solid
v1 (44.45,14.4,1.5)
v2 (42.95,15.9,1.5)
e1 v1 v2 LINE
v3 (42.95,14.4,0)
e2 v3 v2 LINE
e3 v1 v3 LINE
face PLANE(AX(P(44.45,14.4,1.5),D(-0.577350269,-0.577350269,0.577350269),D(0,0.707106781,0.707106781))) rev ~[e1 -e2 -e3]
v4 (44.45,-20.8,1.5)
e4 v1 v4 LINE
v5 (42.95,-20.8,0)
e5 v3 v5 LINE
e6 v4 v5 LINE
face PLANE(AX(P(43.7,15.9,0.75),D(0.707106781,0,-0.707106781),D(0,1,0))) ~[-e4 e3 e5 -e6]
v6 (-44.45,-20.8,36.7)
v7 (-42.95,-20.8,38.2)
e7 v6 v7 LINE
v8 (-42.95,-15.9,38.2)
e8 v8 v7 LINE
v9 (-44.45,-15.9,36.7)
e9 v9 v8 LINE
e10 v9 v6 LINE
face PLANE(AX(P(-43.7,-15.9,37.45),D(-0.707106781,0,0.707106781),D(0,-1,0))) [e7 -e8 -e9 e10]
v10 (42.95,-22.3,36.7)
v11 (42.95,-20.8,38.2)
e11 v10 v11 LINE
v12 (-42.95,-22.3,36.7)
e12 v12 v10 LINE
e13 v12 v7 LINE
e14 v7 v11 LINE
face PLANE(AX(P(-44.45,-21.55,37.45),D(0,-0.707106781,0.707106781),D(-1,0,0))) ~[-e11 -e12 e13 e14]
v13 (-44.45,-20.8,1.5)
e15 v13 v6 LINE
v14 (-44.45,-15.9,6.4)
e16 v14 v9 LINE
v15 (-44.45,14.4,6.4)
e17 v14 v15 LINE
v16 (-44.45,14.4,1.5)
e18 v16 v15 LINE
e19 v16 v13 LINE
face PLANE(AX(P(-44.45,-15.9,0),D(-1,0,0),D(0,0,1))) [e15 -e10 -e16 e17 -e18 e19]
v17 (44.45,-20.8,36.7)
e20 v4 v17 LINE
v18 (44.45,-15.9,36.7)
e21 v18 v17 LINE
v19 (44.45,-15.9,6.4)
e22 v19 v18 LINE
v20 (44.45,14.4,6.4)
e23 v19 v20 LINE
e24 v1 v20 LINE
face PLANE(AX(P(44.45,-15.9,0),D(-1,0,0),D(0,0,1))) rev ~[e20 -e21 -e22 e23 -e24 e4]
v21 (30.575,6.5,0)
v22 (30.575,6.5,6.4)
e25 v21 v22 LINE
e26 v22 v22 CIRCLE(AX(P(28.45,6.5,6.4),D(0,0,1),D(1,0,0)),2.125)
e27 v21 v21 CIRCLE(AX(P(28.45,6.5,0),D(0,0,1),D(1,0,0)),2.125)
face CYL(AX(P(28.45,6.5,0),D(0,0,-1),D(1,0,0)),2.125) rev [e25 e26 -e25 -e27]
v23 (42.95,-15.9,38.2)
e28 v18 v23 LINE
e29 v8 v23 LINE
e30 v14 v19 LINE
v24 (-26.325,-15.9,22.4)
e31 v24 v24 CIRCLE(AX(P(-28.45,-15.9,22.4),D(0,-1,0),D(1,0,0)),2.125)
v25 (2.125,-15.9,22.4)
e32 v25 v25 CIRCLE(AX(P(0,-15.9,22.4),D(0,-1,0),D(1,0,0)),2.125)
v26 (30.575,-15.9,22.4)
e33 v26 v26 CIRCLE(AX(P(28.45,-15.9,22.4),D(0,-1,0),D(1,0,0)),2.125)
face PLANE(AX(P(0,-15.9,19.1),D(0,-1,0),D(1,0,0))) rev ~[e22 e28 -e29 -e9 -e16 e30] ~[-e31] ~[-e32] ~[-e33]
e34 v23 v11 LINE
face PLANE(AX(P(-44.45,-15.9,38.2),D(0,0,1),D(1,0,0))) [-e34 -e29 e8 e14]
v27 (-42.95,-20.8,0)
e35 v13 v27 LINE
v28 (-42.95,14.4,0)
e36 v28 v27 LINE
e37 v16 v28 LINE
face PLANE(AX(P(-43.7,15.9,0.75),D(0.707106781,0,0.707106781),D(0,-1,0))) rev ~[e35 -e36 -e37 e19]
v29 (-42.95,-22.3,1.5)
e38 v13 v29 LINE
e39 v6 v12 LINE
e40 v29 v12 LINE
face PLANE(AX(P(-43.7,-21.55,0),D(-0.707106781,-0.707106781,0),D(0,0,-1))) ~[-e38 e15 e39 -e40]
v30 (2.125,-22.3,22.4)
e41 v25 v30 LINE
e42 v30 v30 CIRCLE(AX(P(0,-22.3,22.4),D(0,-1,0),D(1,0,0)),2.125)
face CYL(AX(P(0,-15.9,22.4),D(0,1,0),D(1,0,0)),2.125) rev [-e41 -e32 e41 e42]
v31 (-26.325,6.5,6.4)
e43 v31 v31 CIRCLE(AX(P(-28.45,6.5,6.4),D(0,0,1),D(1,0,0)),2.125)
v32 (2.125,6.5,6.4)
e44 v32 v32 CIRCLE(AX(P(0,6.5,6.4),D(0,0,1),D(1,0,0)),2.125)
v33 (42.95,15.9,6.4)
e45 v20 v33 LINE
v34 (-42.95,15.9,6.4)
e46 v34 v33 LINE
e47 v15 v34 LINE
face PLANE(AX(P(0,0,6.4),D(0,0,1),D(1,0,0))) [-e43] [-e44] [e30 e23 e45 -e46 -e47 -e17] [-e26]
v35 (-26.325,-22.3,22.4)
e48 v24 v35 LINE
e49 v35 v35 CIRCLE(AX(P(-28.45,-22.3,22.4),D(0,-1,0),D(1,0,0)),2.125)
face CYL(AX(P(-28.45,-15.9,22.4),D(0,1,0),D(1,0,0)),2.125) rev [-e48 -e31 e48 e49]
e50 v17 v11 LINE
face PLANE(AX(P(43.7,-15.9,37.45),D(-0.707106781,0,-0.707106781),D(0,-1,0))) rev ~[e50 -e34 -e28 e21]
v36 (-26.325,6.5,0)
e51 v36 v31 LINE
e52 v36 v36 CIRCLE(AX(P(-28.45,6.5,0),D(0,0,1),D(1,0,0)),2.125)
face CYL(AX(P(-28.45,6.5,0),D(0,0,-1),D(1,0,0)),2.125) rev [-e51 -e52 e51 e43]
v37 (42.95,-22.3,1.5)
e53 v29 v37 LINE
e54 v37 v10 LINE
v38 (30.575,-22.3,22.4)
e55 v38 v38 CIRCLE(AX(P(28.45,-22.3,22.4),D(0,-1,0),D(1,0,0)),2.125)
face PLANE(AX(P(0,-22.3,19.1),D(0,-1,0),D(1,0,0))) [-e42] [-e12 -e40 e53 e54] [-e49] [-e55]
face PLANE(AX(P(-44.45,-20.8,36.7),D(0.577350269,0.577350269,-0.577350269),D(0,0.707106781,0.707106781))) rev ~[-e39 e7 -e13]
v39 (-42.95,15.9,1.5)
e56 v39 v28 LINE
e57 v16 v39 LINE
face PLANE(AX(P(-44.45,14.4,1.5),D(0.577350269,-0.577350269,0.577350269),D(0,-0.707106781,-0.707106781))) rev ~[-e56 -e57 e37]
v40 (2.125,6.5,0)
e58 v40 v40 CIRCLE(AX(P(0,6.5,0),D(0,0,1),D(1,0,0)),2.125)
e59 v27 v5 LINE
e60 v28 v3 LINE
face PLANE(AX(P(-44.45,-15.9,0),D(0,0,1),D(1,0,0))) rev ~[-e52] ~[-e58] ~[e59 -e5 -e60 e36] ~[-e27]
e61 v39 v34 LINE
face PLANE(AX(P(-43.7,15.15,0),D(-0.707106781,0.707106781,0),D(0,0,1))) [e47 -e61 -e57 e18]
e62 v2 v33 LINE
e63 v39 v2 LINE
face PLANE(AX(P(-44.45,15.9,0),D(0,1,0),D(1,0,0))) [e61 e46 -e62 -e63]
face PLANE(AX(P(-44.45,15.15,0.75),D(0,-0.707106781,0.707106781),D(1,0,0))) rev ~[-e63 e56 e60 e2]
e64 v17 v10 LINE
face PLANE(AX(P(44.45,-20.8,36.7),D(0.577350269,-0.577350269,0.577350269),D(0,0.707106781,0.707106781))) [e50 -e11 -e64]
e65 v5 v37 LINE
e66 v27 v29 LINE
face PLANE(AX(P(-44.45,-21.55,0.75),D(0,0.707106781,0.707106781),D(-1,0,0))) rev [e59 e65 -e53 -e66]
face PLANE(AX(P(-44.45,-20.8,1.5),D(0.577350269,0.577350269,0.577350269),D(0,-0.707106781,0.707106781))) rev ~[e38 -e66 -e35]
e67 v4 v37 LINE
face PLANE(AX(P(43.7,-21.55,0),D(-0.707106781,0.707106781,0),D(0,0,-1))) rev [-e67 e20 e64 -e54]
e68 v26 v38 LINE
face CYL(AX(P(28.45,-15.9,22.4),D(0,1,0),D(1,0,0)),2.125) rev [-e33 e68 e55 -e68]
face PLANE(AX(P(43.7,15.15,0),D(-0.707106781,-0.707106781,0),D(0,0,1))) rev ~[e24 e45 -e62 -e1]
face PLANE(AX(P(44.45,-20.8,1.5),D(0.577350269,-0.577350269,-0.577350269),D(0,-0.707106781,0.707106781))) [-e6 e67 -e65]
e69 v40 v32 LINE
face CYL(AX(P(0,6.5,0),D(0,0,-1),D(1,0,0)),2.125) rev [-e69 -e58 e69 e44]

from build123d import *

# Parameters (mm, degrees)
F0_W     = 88.9
F0_H     = 31.8
F0_R     = 2.125
F1_DEPTH = 6.4
F2_W     = 88.9
F2_H     = 38.2
F2_R     = 2.125
F3_DEPTH = 6.4
F4_SIZE  = 1.5


with BuildPart() as f1:
    # F0 (on Top) → F1 (new body)
    with BuildSketch(Plane.XY):
        Rectangle(F0_W, F0_H)
        with Locations((-28.45, 6.5)):
            Circle(F0_R, mode=Mode.SUBTRACT)
        with Locations((0, 6.5)):
            Circle(F0_R, mode=Mode.SUBTRACT)
        with Locations((28.45, 6.5)):
            Circle(F0_R, mode=Mode.SUBTRACT)
    extrude(amount=F1_DEPTH)

    # F2 (on face) → F3 (join)
    with BuildSketch(Plane.XZ.offset(15.9)):
        with Locations((0, 19.1)):
            Rectangle(F2_W, F2_H)
        with Locations((-28.45, 22.4)):
            Circle(F2_R, mode=Mode.SUBTRACT)
        with Locations((0, 22.4)):
            Circle(F2_R, mode=Mode.SUBTRACT)
        with Locations((28.45, 22.4)):
            Circle(F2_R, mode=Mode.SUBTRACT)
    extrude(amount=F3_DEPTH)

    # F4
    f4_edges = [f1.edges().sort_by_distance(p)[0] for p in [
        (0, -22.3, 38.2),
        (0, -22.3, 0),
        (0, 15.9, 0),
        (44.45, -3.2, 0),
        (44.45, 15.9, 3.2),
        (-44.45, 15.9, 3.2),
        (-44.45, -3.2, 0),
        (-44.45, -22.3, 19.1),
        (44.45, -22.3, 19.1),
        (-44.45, -19.1, 38.2),
        (44.45, -19.1, 38.2),
    ]]
    chamfer(f4_edges, length=F4_SIZE)


solid = f1.part
